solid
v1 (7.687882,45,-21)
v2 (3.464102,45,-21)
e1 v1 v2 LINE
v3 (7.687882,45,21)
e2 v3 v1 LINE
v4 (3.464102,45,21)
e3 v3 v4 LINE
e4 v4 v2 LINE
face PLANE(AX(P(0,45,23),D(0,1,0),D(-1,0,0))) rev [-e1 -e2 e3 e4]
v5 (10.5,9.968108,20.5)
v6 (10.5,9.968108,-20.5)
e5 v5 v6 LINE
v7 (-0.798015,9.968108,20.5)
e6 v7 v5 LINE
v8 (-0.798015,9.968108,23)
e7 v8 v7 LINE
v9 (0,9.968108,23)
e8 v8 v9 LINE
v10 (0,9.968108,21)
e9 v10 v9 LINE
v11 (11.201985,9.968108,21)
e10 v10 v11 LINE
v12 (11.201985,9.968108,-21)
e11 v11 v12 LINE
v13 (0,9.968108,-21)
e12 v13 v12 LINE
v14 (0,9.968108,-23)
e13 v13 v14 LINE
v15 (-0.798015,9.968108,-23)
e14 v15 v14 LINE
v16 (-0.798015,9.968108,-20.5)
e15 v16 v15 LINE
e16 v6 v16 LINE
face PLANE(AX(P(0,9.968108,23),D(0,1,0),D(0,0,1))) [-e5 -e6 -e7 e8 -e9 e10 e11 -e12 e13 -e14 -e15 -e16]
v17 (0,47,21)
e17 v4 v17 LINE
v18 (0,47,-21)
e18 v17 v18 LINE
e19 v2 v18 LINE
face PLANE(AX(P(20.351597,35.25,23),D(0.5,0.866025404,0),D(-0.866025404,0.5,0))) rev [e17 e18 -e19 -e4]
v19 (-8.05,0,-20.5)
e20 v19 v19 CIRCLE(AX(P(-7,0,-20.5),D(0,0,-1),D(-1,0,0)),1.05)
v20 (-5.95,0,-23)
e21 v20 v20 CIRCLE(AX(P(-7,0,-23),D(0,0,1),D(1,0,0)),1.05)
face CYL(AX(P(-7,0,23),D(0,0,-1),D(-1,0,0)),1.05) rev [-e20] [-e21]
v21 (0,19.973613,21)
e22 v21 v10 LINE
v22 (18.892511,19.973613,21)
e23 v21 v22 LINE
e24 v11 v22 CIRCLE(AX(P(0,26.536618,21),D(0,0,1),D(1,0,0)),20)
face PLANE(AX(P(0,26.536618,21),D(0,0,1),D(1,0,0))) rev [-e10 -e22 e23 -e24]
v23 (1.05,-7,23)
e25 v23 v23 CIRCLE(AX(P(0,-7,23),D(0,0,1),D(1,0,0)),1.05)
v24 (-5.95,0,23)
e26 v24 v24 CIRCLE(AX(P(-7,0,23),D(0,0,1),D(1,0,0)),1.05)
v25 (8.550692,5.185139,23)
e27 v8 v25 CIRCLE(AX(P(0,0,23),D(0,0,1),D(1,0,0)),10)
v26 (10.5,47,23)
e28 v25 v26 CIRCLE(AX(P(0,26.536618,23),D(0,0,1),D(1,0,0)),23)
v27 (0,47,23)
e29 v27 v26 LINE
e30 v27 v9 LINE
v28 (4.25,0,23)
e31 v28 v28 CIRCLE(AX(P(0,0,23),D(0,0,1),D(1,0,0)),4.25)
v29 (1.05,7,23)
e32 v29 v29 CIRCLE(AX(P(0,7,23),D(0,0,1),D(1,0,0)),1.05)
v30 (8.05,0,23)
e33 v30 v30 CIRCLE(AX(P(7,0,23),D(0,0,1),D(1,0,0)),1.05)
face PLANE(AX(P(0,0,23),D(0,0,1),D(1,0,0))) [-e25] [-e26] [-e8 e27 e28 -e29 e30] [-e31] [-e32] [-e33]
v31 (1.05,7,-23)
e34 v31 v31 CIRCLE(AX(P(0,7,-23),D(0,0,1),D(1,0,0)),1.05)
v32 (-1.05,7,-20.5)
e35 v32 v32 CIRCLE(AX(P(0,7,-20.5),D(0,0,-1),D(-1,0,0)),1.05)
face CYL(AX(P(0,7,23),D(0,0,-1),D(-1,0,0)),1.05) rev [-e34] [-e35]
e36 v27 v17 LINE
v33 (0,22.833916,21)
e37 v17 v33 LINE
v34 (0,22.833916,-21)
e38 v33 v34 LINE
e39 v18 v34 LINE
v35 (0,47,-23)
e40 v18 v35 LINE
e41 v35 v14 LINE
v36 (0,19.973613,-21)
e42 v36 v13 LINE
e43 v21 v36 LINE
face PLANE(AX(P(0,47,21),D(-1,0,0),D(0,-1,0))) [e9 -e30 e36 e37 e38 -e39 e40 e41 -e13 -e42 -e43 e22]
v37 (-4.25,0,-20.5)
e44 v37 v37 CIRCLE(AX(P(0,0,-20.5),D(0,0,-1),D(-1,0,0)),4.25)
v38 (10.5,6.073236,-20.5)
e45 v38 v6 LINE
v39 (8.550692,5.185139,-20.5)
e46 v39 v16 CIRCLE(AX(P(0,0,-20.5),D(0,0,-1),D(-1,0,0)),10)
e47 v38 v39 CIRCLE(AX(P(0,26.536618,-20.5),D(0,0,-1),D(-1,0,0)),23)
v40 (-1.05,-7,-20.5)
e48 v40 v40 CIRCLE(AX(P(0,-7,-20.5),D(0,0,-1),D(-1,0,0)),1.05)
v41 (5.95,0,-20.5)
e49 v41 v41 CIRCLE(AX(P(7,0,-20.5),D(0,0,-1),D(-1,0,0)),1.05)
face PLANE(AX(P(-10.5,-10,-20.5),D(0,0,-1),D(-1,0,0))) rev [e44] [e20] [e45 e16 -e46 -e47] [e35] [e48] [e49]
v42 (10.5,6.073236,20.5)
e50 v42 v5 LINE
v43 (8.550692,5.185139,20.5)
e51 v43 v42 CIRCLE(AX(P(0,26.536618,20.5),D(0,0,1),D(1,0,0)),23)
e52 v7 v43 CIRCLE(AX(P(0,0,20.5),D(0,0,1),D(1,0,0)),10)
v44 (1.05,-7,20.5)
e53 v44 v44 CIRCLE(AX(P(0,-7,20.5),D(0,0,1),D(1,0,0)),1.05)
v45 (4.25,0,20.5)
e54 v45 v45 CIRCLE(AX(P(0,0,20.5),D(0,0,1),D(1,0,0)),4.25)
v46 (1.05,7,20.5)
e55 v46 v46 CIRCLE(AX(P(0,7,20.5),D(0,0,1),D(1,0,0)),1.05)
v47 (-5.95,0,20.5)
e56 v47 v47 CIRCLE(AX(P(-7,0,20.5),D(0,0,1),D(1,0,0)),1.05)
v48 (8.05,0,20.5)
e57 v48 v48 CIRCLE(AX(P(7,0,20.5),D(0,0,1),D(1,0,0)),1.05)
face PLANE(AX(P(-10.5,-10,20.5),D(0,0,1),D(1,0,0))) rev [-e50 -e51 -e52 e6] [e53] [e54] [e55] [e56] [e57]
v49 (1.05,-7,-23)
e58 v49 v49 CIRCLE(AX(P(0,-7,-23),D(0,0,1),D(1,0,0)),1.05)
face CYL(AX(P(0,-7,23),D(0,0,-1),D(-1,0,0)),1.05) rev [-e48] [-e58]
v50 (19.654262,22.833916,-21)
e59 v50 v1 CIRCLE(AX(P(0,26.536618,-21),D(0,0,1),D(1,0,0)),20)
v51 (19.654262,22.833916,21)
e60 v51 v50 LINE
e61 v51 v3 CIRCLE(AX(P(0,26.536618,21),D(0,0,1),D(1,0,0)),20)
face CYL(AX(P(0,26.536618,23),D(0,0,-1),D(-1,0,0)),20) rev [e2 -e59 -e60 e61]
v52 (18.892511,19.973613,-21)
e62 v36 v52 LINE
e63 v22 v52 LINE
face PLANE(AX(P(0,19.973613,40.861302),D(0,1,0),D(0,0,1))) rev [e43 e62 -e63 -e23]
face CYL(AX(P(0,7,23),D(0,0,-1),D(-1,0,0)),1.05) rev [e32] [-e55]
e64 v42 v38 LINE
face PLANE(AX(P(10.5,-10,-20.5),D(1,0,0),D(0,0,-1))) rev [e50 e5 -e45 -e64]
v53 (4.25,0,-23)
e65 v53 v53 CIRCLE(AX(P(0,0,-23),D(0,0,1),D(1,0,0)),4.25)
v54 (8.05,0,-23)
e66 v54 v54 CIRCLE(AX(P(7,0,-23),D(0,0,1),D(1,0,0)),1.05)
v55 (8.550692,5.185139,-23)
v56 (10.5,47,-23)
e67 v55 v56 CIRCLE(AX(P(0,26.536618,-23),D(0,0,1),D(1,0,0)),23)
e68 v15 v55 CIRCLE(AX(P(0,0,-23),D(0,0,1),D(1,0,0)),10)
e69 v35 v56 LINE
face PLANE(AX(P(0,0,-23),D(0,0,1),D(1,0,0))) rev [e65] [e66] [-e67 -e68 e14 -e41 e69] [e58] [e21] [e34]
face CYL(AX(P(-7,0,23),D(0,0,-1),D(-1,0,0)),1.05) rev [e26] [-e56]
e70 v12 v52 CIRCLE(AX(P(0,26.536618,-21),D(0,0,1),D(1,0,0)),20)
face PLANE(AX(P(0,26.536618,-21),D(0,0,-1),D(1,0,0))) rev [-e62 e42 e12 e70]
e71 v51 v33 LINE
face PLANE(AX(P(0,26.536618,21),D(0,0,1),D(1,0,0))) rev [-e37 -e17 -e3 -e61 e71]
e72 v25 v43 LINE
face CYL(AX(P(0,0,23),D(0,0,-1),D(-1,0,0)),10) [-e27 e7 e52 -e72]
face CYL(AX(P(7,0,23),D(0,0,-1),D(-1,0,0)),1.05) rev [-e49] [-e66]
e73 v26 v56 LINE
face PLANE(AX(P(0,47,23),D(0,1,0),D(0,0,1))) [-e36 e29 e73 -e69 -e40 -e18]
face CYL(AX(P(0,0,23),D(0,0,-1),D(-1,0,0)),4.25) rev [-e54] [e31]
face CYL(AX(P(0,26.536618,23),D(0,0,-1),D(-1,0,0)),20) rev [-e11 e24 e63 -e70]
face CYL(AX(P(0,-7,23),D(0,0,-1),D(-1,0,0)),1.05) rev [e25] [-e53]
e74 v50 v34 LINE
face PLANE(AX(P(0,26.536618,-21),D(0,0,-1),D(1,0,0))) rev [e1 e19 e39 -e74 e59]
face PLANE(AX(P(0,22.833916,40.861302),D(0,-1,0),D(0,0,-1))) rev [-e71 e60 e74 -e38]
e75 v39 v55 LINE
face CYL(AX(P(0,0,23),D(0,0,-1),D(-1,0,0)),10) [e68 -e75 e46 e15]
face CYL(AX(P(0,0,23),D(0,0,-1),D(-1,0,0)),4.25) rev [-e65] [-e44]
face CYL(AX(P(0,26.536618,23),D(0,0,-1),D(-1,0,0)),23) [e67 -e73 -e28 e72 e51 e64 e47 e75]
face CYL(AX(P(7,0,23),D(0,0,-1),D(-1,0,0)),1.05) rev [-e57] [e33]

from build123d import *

# Parameters (mm, degrees)
SKETCH1_R           = 4.25
SKETCH1_R_2         = 1.05
BOSS_EXTRUDE1_DEPTH = 23
BOSS_EXTRUDE3_DEPTH = 2
SKETCH4_W           = 21
SKETCH4_H           = 41
CUT_EXTRUDE1_DEPTH  = 50.288548817
BOSS_EXTRUDE4_START = 42
BOSS_EXTRUDE4_DEPTH = 42


with BuildPart() as part:
    # Sketch1 → Boss-Extrude1 (new, symmetric)
    with BuildSketch(Plane.XY):
        with BuildLine():
            Line((-0.798015115, 9.968107738), (11.201984885, 9.968107738))
            ThreePointArc((11.201984885, 9.968107738), (19.90012903, 28.53283063), (7.687881875, 45))
            Line((7.687881875, 45), (3.464101615, 45))
            Line((3.464101615, 45), (0, 47))
            Line((0, 47), (10.5, 47))
            ThreePointArc((10.5, 47), (22.975048867, 25.465576737), (8.550692083, 5.18513885))
            ThreePointArc((8.550692083, 5.18513885), (-4.554689659, -8.902516617), (-0.798015115, 9.968107738))
        make_face()
        Circle(SKETCH1_R, mode=Mode.SUBTRACT)
        with Locations((0, 7)):
            Circle(SKETCH1_R_2, mode=Mode.SUBTRACT)
        with Locations((7, 0)):
            Circle(SKETCH1_R_2, mode=Mode.SUBTRACT)
        with Locations((0, -7)):
            Circle(SKETCH1_R_2, mode=Mode.SUBTRACT)
        with Locations((-7, 0)):
            Circle(SKETCH1_R_2, mode=Mode.SUBTRACT)
    extrude(amount=BOSS_EXTRUDE1_DEPTH, both=True)

    # Sketch3 → Boss-Extrude3 (add)
    with BuildSketch(Plane.XY.offset(23)):
        with BuildLine():
            Line((0, 47), (3.464101615, 45))
            Line((3.464101615, 45), (7.687881875, 45))
            ThreePointArc((7.687881875, 45), (19.90012903, 28.53283063), (11.201984885, 9.968107738))
            Line((11.201984885, 9.968107738), (0, 9.968107738))
            Line((0, 9.968107738), (0, 47))
        make_face()
    boss_extrude3 = extrude(amount=-BOSS_EXTRUDE3_DEPTH)

    # Mirror1: Boss-Extrude3 across plane
    add(boss_extrude3.mirror(Plane.XY))

    # Sketch4 → Cut-Extrude1 (cut, through all)
    with BuildSketch(Plane(origin=(0, 9.968107738, 0), x_dir=(1, 0, 0), z_dir=(0, 1, 0))):
        Rectangle(SKETCH4_W, SKETCH4_H)
    extrude(amount=-CUT_EXTRUDE1_DEPTH, mode=Mode.SUBTRACT)

    # Sketch6 → Boss-Extrude4 (add)
    with BuildSketch(Plane.XY.offset(-21).offset(BOSS_EXTRUDE4_START)):
        with BuildLine():
            Line((0, 22.833916422), (19.654261637, 22.833916422))
            ThreePointArc((19.654261637, 22.833916422), (19.326374482, 21.389653004), (18.892510823, 19.973613057))
            Line((18.892510823, 19.973613057), (0, 19.973613057))
            Line((0, 19.973613057), (0, 22.833916422))
        make_face()
    extrude(amount=-BOSS_EXTRUDE4_DEPTH)


solid = part.part
